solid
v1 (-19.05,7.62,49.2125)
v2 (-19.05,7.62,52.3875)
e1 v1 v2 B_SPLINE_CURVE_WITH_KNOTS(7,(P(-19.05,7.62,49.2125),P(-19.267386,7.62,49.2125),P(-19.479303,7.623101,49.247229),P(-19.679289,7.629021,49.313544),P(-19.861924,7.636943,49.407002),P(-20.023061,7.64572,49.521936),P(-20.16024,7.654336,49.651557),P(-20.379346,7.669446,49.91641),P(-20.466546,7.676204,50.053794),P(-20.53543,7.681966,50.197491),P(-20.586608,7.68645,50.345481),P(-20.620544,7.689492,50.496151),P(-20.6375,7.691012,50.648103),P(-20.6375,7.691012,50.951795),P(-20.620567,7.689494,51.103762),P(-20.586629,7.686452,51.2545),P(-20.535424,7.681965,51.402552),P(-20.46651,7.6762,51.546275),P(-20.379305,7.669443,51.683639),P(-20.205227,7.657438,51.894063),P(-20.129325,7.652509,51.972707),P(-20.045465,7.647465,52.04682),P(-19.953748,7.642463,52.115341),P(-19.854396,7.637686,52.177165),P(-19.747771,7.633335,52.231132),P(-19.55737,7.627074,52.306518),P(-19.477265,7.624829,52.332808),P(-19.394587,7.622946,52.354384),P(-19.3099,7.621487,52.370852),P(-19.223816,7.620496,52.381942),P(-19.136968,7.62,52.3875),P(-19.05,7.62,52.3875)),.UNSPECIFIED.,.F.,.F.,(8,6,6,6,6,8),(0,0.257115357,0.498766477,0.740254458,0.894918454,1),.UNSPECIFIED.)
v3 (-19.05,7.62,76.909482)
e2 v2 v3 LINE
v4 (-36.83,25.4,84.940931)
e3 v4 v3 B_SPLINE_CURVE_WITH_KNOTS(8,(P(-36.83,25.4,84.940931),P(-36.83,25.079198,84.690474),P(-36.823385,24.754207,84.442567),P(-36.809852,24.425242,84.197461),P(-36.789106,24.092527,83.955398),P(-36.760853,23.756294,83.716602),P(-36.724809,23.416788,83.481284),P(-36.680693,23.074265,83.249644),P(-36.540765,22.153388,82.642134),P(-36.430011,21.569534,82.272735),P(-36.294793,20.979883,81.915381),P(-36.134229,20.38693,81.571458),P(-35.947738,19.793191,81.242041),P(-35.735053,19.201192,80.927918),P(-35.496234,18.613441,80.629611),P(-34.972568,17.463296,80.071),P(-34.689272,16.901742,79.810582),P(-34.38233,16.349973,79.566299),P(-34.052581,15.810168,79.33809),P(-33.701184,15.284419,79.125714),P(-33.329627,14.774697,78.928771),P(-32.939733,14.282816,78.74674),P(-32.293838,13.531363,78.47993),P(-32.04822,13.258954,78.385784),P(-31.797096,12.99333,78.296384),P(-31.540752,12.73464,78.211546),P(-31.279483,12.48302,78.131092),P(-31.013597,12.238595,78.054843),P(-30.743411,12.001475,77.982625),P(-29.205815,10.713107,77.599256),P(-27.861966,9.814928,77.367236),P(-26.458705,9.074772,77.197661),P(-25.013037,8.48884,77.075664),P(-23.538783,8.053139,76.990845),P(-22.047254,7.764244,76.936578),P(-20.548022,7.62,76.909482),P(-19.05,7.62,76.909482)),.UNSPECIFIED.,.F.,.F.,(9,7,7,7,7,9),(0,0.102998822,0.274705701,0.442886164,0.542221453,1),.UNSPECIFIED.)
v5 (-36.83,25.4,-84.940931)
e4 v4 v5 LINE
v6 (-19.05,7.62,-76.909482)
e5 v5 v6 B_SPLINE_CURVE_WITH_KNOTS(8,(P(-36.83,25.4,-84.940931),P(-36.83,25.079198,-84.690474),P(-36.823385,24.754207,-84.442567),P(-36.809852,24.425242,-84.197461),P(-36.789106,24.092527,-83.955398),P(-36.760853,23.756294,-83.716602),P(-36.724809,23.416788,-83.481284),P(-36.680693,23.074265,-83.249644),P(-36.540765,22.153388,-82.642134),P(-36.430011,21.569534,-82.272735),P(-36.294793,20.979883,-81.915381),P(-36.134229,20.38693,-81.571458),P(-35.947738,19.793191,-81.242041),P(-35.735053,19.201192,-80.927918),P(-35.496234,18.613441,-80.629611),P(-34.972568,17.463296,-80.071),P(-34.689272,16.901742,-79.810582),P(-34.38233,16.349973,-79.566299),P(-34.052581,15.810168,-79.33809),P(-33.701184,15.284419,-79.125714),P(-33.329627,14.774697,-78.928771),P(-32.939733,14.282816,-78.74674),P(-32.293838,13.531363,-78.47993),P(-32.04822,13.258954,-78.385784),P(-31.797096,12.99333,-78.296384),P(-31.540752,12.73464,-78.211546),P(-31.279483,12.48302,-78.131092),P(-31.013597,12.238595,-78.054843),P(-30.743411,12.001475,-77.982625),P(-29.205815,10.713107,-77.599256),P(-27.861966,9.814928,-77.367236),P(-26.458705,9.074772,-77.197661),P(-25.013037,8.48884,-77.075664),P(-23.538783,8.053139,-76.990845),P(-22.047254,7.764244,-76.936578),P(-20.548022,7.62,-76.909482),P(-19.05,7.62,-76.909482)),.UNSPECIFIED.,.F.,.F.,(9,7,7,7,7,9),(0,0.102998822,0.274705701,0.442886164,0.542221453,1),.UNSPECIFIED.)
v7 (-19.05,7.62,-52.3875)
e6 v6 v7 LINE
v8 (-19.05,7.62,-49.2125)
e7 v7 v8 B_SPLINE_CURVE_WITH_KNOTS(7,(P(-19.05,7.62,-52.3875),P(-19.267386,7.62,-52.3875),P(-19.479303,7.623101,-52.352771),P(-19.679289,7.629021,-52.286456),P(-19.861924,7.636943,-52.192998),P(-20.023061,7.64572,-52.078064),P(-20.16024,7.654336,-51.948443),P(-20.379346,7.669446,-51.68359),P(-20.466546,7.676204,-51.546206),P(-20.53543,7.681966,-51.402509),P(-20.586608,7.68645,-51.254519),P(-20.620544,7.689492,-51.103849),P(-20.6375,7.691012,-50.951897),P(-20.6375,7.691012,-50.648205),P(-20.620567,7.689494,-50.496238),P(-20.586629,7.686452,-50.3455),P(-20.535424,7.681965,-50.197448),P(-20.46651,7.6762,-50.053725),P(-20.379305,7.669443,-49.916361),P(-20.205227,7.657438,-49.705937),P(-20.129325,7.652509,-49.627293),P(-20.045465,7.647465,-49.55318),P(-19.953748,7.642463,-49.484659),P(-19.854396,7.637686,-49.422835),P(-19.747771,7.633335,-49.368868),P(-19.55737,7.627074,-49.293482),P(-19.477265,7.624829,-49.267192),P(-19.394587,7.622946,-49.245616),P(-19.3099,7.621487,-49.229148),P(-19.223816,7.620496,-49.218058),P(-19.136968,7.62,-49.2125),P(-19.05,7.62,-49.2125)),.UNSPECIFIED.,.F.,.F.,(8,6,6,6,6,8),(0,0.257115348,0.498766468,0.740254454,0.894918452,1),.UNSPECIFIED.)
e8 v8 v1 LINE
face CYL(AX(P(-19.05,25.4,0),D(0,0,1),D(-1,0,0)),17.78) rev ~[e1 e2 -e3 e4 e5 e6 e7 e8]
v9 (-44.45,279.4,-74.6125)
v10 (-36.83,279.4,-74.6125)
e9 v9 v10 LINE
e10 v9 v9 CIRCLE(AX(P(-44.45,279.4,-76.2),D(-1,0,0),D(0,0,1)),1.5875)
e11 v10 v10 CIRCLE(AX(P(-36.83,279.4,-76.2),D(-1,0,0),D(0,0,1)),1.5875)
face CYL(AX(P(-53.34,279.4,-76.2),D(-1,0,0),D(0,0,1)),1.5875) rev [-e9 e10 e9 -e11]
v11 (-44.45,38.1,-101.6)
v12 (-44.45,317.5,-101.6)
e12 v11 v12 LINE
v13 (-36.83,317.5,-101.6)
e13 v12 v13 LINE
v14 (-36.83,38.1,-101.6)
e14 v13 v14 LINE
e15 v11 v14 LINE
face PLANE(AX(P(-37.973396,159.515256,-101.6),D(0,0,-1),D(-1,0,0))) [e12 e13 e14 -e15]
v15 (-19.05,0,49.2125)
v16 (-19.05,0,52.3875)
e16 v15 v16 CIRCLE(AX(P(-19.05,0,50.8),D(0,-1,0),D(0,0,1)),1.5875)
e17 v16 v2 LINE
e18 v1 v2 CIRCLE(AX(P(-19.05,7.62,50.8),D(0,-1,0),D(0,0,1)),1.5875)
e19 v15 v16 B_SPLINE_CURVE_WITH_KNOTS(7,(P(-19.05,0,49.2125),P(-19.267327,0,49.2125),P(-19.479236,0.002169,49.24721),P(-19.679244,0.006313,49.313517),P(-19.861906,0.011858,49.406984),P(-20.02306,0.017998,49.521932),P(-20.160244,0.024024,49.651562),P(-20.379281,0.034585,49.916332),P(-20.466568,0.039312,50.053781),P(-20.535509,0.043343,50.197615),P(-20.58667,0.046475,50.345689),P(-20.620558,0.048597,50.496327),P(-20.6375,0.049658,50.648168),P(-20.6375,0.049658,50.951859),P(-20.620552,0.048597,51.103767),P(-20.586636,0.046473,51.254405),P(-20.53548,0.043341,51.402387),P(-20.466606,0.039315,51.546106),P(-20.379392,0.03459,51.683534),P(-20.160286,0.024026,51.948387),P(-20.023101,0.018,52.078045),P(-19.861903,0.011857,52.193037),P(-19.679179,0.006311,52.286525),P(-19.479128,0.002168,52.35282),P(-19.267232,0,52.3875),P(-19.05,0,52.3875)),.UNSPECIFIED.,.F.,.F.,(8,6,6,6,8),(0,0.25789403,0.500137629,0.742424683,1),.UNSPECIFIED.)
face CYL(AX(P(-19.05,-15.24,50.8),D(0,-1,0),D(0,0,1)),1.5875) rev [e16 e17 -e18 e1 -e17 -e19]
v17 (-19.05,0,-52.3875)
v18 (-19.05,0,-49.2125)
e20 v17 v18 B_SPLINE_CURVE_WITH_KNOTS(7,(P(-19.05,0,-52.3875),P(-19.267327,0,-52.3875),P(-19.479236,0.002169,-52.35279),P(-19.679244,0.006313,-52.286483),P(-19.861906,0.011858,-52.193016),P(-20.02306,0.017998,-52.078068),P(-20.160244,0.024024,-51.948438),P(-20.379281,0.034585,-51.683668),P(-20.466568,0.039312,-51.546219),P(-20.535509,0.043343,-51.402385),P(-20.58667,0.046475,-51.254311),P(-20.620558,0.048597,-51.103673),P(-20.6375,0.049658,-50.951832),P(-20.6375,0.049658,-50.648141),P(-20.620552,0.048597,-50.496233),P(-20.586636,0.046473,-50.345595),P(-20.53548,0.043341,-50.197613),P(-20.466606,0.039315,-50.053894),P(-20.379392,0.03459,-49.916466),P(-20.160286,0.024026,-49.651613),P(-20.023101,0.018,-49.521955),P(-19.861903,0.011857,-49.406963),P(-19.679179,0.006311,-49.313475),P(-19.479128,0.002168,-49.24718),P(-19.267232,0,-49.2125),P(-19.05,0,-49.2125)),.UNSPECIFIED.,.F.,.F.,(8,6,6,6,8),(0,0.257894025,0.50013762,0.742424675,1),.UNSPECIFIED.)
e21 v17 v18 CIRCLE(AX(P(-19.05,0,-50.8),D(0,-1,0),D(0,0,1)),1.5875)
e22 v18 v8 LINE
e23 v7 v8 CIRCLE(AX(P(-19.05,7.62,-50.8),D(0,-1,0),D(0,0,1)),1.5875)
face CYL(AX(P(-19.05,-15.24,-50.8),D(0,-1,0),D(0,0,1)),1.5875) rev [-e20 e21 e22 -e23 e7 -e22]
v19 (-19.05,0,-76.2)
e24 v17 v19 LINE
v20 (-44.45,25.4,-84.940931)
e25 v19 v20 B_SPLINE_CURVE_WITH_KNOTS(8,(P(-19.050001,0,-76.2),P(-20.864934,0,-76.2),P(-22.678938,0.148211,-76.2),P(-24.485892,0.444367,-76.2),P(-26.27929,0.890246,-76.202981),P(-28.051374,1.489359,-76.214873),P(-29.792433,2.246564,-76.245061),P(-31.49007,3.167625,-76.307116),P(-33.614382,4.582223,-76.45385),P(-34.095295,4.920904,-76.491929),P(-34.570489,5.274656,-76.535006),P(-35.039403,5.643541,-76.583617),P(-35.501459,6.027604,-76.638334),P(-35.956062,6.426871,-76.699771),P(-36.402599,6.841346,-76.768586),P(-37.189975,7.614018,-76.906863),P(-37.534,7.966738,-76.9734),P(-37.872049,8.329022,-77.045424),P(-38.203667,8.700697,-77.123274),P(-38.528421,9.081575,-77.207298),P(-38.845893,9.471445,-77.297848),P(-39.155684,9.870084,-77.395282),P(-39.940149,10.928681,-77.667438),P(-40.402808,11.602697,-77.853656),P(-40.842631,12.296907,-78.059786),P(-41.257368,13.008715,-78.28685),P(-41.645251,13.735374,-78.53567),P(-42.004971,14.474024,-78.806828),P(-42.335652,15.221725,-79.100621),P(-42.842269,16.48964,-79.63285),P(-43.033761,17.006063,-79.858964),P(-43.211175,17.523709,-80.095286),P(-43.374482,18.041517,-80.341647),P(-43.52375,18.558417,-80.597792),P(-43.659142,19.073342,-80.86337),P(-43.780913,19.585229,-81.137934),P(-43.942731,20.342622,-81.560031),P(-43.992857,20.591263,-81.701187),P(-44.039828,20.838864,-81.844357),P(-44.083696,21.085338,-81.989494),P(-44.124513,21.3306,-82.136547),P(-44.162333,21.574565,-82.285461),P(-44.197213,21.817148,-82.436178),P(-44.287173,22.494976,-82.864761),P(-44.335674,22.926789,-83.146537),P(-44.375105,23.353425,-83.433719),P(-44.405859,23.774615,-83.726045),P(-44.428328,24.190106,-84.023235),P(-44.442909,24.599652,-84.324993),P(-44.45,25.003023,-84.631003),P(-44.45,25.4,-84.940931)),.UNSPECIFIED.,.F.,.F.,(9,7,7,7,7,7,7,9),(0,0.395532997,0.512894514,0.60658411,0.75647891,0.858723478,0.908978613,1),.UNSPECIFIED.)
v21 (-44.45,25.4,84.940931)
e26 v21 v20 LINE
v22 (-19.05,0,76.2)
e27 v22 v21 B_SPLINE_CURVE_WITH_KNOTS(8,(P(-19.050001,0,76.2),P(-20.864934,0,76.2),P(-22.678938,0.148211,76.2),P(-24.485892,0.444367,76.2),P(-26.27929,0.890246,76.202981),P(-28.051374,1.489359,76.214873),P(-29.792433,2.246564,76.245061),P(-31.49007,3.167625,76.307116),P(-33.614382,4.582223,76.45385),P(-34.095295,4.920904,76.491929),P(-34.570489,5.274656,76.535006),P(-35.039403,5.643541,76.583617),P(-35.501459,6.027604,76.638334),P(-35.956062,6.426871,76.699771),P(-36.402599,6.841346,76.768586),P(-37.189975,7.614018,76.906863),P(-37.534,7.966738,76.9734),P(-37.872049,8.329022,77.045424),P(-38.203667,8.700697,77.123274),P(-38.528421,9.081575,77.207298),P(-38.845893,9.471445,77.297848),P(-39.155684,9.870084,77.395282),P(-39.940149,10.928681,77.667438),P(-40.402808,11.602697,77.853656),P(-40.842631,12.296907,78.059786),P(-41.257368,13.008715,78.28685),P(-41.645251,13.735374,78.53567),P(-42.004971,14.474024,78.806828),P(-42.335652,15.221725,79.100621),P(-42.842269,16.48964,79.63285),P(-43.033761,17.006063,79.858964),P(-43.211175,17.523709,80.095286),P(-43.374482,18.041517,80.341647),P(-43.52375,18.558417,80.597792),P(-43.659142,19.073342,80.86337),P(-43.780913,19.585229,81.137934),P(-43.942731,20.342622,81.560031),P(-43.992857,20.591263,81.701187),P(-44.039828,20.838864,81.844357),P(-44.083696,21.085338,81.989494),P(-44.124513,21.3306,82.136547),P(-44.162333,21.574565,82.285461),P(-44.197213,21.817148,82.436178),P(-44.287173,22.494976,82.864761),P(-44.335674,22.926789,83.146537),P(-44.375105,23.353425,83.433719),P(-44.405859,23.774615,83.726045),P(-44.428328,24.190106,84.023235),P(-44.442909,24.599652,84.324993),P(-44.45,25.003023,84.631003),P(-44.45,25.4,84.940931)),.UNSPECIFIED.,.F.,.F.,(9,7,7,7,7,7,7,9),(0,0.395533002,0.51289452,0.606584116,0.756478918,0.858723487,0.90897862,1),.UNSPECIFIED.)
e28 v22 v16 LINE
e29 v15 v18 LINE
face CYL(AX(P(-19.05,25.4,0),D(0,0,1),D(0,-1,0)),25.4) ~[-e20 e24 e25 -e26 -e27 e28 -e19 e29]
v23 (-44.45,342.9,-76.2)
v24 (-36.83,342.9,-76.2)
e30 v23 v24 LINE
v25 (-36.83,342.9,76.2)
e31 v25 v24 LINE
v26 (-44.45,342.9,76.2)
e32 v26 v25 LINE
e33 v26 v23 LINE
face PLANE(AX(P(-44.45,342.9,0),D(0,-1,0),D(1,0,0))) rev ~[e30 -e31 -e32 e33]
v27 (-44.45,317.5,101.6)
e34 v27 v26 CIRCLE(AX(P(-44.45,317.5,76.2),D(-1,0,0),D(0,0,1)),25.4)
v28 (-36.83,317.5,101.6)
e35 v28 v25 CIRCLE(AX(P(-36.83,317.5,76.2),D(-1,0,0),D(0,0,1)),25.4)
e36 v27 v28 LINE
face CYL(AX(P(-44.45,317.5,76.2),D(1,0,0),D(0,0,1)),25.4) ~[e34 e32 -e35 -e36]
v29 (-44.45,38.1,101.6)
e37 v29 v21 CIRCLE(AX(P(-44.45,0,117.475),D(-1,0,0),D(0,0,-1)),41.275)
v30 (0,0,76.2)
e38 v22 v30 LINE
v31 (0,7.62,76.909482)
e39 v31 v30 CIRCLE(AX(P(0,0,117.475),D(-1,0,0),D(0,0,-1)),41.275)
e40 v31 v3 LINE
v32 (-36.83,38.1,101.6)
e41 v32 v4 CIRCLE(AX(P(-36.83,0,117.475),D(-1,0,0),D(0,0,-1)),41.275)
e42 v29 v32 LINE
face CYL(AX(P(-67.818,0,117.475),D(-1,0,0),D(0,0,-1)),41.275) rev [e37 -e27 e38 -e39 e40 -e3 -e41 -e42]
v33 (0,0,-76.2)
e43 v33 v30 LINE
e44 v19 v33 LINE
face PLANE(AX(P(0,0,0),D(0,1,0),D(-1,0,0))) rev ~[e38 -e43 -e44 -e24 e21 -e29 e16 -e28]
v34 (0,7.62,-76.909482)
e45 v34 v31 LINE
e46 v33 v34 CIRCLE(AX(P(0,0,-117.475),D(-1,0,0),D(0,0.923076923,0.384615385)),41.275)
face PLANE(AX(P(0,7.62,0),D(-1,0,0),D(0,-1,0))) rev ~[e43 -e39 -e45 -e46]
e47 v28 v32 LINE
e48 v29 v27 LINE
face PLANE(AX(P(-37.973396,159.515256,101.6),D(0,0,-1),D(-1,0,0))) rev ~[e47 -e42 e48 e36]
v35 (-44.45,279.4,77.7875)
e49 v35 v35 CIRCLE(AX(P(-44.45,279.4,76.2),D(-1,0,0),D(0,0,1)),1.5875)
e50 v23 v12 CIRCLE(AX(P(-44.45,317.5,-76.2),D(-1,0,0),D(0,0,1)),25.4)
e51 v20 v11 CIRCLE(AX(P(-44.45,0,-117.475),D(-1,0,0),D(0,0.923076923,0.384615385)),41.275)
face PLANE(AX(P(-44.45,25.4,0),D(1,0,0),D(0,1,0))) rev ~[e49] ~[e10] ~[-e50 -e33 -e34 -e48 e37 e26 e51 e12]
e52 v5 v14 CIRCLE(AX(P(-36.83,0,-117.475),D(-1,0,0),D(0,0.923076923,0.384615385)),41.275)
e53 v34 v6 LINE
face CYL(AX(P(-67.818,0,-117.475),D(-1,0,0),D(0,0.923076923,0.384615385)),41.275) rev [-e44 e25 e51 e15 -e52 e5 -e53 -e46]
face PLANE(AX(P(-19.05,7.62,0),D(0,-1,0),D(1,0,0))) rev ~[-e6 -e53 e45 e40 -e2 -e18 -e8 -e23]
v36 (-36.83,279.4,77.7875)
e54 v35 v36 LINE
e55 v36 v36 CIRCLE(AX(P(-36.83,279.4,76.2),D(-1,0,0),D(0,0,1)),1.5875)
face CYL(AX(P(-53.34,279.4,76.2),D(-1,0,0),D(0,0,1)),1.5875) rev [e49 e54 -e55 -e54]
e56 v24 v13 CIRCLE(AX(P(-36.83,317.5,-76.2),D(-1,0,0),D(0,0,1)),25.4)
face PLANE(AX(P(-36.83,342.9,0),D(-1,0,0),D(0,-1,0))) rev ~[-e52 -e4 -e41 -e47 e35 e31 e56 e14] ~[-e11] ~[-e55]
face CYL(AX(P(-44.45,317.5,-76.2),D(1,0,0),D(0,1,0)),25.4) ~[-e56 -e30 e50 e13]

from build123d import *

# Parameters (mm, degrees)
EXTRUDE_THIN1_DEPTH     = 101.6
FILLET1_R               = 25.4
FILLET2_R               = 25.4
CUT_EXTRUDE1_DEPTH      = 15.494
CUT_EXTRUDE1_DEPTH_BACK = 67.818
CUT_EXTRUDE2_DEPTH      = 20.32
CUT_EXTRUDE2_DEPTH_BACK = 16.51
SKETCH3_R               = 1.5875
CUT_EXTRUDE3_DEPTH      = 14.732
CUT_EXTRUDE3_DEPTH_BACK = 22.86
SKETCH4_R               = 1.5875


with BuildPart() as part:
    # Sketch1 → Extrude-Thin1 (new, symmetric)
    with BuildSketch(Plane.XY):
        with BuildLine():
            Line((0, 0), (-19.05, 0))
            ThreePointArc((-19.05, 0), (-37.010512242, 7.439487758), (-44.45, 25.4))
            Line((-44.45, 25.4), (-44.45, 342.9))
            Line((-44.45, 342.9), (-36.83, 342.9))
            Line((-36.83, 342.9), (-36.83, 25.4))
            ThreePointArc((-36.83, 25.4), (-31.622358569, 12.827641431), (-19.05, 7.62))
            Line((-19.05, 7.62), (0, 7.62))
            Line((0, 7.62), (0, 0))
        make_face()
    extrude(amount=EXTRUDE_THIN1_DEPTH, both=True)

    # Fillet1
    fillet1_edges = [part.edges().sort_by_distance(p)[0] for p in [
        (-40.64, 342.9, 101.6),
    ]]
    fillet(fillet1_edges, radius=FILLET1_R)

    # Fillet2
    fillet2_edges = [part.edges().sort_by_distance(p)[0] for p in [
        (-40.64, 342.9, -101.6),
    ]]
    fillet(fillet2_edges, radius=FILLET2_R)

    # Sketch2 → Cut-Extrude1 (cut, two sides: drawn at the far end of the back side and taken through both)
    with BuildSketch(Plane(origin=(0, 0, 0), x_dir=(0, 0, -1), z_dir=(1, 0, 0)).offset(-CUT_EXTRUDE1_DEPTH_BACK)):
        with BuildLine():
            Line((-101.6, 0), (-76.2, 0))
            ThreePointArc((-76.2, 0), (-83.132124101, 22.895250599), (-101.6, 38.1))
            Line((-101.6, 38.1), (-101.6, 0))
        make_face()
        with BuildLine():
            Line((101.6, 0), (101.6, 38.1))
            ThreePointArc((101.6, 38.1), (83.132124101, 22.895250599), (76.2, 0))
            Line((76.2, 0), (101.6, 0))
        make_face()
    extrude(amount=CUT_EXTRUDE1_DEPTH + CUT_EXTRUDE1_DEPTH_BACK, mode=Mode.SUBTRACT)

    # Sketch3 → Cut-Extrude2 (cut, two sides: drawn at the far end of the back side and taken through both)
    with BuildSketch(Plane(origin=(-36.83, 0, 0), x_dir=(0, 0, -1), z_dir=(1, 0, 0)).offset(-CUT_EXTRUDE2_DEPTH_BACK)):
        with Locations(Location((-76.2, 279.4, 0), (0, 0, 180))):
            Circle(SKETCH3_R)
        with Locations(Location((76.2, 279.4, 0), (0, 0, 180))):
            Circle(SKETCH3_R)
    extrude(amount=CUT_EXTRUDE2_DEPTH + CUT_EXTRUDE2_DEPTH_BACK, mode=Mode.SUBTRACT)

    # Sketch4 → Cut-Extrude3 (cut, two sides: drawn at the far end of the back side and taken through both)
    with BuildSketch(Plane(origin=(0, 7.62, 0), x_dir=(1, 0, 0), z_dir=(0, 1, 0)).offset(-CUT_EXTRUDE3_DEPTH_BACK)):
        with Locations(Location((-19.05, -50.8, 0), (0, 0, 270))):
            Circle(SKETCH4_R)
        with Locations(Location((-19.05, 50.8, 0), (0, 0, 270))):
            Circle(SKETCH4_R)
    extrude(amount=CUT_EXTRUDE3_DEPTH + CUT_EXTRUDE3_DEPTH_BACK, mode=Mode.SUBTRACT)


solid = part.part
